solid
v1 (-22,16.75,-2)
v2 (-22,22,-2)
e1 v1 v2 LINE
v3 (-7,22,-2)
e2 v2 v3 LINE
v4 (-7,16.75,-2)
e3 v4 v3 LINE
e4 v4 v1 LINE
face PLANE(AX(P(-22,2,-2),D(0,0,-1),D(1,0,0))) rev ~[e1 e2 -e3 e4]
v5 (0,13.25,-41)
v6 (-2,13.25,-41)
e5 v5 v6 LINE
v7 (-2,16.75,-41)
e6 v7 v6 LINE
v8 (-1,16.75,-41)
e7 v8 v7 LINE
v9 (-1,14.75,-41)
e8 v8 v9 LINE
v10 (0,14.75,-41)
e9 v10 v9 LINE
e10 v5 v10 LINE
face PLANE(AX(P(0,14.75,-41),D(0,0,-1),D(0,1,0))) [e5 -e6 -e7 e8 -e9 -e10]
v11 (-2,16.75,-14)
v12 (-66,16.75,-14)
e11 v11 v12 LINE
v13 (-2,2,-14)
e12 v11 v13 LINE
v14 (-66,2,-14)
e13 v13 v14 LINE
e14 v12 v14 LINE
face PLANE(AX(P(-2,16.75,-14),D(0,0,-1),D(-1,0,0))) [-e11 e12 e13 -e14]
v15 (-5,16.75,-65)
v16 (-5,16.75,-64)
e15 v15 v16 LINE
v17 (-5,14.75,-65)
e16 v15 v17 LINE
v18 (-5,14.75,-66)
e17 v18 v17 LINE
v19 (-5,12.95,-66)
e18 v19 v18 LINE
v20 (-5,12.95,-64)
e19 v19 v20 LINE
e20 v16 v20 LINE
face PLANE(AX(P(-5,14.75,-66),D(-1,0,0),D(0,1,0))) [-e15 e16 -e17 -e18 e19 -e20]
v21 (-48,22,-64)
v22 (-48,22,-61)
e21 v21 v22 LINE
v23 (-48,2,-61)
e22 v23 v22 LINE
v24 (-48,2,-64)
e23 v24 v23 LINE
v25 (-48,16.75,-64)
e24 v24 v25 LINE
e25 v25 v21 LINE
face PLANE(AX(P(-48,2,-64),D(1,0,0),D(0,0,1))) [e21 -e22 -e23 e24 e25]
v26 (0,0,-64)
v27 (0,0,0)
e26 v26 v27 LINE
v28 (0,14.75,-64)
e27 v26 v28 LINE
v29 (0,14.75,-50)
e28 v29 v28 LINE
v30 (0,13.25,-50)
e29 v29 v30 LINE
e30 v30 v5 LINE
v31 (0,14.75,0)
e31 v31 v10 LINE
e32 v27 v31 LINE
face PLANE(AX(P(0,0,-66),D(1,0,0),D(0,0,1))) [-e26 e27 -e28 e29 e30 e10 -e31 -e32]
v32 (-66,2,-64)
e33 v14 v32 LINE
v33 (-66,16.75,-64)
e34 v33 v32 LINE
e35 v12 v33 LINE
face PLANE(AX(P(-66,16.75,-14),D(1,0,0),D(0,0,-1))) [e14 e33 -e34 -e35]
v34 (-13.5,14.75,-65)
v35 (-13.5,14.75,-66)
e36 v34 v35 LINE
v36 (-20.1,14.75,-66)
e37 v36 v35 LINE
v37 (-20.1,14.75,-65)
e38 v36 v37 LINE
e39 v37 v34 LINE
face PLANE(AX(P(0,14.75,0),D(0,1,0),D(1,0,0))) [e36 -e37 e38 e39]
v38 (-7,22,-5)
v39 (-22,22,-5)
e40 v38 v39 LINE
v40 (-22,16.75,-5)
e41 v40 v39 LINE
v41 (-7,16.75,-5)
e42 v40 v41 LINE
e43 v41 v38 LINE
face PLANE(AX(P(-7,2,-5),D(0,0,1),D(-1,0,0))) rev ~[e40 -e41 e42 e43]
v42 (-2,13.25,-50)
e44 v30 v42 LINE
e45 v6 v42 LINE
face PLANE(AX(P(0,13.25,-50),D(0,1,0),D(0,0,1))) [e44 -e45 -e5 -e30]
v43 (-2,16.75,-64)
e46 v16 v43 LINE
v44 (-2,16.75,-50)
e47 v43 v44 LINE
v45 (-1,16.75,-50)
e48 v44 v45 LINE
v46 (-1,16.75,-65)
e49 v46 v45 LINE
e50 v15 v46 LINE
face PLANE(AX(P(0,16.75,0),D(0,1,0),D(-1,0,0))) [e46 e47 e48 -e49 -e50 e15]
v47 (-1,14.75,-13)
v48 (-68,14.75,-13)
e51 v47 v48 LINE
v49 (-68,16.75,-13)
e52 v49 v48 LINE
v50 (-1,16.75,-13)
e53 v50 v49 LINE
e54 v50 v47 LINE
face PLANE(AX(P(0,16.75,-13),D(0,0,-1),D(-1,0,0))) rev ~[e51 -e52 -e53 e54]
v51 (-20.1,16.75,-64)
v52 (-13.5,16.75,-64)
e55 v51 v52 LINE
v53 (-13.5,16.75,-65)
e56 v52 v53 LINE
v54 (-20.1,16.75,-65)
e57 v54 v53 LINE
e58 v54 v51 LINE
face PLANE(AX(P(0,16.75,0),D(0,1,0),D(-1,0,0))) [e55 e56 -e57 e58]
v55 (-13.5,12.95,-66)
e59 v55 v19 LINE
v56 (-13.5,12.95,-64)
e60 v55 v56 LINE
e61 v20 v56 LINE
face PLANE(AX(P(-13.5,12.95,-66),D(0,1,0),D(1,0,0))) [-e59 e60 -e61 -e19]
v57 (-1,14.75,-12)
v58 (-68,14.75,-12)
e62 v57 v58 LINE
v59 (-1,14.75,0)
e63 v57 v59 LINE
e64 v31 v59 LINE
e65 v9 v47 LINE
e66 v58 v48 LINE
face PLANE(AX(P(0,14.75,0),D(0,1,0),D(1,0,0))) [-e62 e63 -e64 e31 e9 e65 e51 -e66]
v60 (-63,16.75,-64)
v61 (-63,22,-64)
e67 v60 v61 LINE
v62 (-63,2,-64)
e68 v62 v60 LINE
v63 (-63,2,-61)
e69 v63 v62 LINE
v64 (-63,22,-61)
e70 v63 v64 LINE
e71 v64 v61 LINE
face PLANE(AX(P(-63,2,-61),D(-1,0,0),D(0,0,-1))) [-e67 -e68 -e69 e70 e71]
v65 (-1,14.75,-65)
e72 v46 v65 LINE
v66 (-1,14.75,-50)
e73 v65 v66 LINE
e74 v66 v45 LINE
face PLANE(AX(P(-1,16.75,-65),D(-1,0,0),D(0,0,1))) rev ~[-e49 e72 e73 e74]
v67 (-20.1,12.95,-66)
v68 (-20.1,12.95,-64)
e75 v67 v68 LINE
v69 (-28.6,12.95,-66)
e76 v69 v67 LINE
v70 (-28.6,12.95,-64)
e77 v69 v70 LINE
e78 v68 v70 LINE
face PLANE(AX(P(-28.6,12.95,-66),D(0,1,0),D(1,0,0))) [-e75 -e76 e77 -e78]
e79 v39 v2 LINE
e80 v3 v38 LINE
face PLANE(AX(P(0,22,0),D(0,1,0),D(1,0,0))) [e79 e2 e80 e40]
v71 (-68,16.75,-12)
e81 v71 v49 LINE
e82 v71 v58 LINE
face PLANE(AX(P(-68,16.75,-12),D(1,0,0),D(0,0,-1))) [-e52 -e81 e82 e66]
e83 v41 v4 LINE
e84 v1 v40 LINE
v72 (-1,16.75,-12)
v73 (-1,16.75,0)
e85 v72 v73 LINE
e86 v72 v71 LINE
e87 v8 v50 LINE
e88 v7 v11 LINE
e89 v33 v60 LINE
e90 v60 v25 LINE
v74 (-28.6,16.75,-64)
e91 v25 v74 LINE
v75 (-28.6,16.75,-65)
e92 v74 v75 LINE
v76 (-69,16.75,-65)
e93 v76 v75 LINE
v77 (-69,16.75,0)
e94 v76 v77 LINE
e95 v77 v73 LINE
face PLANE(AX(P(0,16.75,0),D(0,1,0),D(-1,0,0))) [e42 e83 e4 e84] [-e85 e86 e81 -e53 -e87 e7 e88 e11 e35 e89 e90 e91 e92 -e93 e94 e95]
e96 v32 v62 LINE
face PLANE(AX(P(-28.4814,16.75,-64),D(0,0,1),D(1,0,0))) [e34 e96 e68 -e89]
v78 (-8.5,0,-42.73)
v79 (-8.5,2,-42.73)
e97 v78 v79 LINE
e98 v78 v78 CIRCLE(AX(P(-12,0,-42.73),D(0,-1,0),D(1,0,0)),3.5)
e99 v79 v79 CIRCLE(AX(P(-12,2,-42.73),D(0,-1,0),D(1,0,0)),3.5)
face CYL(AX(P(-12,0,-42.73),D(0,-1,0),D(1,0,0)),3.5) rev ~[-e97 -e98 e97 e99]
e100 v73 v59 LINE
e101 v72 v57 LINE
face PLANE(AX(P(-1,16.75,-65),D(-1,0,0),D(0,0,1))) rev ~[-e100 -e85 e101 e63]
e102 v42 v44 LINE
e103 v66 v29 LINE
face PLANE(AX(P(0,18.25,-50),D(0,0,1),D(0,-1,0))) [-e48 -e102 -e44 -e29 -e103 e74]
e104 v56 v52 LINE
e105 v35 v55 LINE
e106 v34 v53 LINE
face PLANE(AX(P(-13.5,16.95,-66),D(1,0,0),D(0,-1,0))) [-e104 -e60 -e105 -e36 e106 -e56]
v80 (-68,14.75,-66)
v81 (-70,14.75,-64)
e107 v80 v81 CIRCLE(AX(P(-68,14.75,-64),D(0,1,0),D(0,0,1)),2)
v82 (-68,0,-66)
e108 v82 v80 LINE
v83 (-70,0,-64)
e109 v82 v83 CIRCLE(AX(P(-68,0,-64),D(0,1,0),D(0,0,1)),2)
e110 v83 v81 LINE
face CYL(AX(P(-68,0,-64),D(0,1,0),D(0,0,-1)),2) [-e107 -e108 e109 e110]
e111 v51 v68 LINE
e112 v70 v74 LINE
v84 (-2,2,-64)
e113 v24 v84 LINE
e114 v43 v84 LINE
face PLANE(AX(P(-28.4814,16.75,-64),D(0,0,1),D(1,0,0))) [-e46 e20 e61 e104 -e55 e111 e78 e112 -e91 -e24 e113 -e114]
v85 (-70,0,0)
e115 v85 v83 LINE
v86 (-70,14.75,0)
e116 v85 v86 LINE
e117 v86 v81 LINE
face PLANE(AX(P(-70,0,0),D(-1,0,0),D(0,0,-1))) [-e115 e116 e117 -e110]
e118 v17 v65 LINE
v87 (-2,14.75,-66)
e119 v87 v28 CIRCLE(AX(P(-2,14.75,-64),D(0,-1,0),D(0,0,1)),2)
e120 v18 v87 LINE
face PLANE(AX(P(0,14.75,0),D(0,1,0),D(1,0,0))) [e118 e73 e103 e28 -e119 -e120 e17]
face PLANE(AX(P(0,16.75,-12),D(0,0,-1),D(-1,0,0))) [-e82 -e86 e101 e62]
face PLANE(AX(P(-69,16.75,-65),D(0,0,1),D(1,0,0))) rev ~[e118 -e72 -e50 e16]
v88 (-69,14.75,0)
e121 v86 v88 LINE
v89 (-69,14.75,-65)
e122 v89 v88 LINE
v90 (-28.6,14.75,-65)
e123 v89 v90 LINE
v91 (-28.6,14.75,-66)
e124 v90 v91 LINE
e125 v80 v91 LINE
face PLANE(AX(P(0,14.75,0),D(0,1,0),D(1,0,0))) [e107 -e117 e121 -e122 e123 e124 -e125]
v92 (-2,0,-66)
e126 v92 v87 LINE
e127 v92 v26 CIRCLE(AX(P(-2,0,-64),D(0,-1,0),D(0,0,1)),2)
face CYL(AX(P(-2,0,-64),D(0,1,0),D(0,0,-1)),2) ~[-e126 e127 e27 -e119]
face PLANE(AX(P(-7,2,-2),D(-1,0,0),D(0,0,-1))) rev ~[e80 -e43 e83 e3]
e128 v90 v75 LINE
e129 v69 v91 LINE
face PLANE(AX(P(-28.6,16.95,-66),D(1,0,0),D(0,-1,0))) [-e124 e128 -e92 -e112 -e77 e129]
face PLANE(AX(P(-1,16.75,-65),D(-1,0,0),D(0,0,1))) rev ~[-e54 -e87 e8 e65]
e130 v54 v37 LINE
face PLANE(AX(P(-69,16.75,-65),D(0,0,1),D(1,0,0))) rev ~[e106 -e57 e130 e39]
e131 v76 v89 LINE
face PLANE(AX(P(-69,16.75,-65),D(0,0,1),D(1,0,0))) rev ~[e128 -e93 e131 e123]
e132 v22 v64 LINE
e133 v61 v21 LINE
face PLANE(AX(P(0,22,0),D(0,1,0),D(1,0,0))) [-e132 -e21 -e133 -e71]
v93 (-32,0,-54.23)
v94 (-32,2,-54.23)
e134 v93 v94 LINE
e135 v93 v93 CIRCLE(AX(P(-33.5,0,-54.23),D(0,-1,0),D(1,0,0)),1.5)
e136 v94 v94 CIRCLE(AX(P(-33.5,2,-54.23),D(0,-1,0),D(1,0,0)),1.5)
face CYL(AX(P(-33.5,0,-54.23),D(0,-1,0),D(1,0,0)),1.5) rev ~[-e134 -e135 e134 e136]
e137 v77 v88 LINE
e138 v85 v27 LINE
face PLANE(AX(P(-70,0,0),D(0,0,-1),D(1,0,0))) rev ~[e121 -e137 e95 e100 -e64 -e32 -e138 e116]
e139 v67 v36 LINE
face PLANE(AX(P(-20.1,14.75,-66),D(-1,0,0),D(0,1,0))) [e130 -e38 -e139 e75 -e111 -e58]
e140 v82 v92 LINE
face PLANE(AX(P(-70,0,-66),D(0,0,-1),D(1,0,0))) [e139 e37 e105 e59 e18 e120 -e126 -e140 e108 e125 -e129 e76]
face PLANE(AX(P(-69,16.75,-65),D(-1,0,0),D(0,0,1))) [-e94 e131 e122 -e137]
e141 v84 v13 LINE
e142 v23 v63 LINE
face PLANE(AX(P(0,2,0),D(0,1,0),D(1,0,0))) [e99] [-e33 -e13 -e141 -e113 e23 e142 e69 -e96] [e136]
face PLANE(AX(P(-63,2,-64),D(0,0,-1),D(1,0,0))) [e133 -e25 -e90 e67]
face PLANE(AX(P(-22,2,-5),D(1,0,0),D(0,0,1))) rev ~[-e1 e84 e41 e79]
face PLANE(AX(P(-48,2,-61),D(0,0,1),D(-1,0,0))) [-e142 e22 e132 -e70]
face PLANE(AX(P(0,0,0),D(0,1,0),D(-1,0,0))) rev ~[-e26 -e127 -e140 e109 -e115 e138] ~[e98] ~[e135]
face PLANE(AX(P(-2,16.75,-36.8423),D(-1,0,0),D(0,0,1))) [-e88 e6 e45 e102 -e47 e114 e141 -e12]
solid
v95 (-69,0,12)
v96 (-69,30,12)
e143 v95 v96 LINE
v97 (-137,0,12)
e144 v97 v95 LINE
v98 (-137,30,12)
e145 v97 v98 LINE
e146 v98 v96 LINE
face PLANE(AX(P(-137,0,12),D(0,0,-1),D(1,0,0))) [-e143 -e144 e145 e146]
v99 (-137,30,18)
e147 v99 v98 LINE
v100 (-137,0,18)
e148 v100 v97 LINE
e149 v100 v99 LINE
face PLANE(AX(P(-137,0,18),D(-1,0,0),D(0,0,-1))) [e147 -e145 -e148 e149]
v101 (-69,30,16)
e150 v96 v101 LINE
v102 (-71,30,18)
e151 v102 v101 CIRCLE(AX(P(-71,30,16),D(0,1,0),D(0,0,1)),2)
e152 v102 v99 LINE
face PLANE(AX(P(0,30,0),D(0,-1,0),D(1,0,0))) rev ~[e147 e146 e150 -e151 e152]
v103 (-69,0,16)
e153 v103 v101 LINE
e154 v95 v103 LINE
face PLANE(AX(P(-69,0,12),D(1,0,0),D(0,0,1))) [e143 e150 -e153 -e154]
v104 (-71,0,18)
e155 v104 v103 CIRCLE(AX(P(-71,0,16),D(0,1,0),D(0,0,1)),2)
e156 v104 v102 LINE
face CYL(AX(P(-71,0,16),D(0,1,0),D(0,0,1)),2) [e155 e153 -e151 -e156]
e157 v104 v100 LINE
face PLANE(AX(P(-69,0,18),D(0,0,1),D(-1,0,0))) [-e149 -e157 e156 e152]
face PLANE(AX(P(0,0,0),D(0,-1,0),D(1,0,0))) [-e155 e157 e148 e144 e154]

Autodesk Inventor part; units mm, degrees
ref_plane "YZ Plane" through (0, 0, 0) normal (1, 0, 0) x (0, 1, 0)
ref_plane "XZ Plane" through (0, 0, 0) normal (0, 1, 0) x (-1, 0, 0)
ref_plane "XY Plane" through (0, 0, 0) normal (0, 0, 1) x (1, 0, 0)
sketch "Sketch1" plane through (0, 0, 0) normal (0, 1, 0) x (-1, 0, 0)
  point P0 (0, 0)
sketch "Sketch2" plane through (0, 0, 0) normal (0, 1, 0) x (-1, 0, 0)
  line L0 (70, 0) -> (70, -66)
  line L1 (70, -66) -> (0, -66)
  line L2 (0, -66) -> (0, 0)
  line L3 (70, 0) -> (0, 0)
  point P0 (0, 0)
  dimension "d0" = 70
  dimension "d138" = 66
extrude "Extrusion1" add sketch "Sketch2" along normal blind 16.75
sketch "Sketch3" plane through (0, 16.75, 0) normal (0, 1, 0) x (1, 0, 0)
  line L0 (0, 66) -> (-70, 66) projected
  line L1 (-70, 66) -> (-2, 66)
  line L2 (-70, 66) -> (-2, 66)
  line L3 (-2, 66) -> (-70, 66)
  line L4 (-70, 66) -> (-70, 12)
  line L5 (-70, 12) -> (-2, 12)
  line L6 (-2, 66) -> (-2, 12)
  point P0 (0, 0)
  dimension "d135" = 68
  dimension "d136" = 54
sketch "Sketch4" plane through (0, 16.75, 0) normal (0, 1, 0) x (1, 0, 0)
  line L0 (0, 66) -> (-70, 66) projected
  line L1 (-30.4814, 66) -> (-28.4814, 66)
  line L2 (-28.4814, 66) -> (-28.4814, 64)
  line L3 (-70, 66) -> (-70, 0) projected
  line L4 (-70, 37.8423) -> (-70, 39.8423)
  line L5 (-70, 39.8423) -> (-68, 39.8423)
  line L6 (0, 38.8423) -> (0, 36.8423)
  line L7 (0, 36.8423) -> (-2, 36.8423)
  line L8 (-66, 64) -> (-2, 64)
  line L9 (-2, 64) -> (-2, 14)
  line L10 (-2, 14) -> (-66, 14)
  line L11 (-66, 14) -> (-66, 64)
  dimension "d5" = 2
  dimension "d6" = 2
  dimension "d7" = 2
  dimension "d11" = 2
  dimension "d75" = 2
  dimension "d132" = 50
  dimension "d133" = 64
extrude "Extrusion2" cut sketch "Sketch4" against normal blind 14.75
sketch "Sketch7" plane through (0, 16.75, 0) normal (0, 1, 0) x (1, 0, 0)
  line L0 (-70, 66) -> (-69, 66)
  line L1 (-70, 66) -> (-6, 66)
  line L2 (-70, 65) -> (-70, 66)
  line L3 (0, 66) -> (-7, 66)
  line L4 (-69, 65) -> (-1, 65)
  line L5 (0, 66) -> (-70, 66) projected
  line L6 (-70, 66) -> (0, 66)
  line L7 (0, 0) -> (0, 66) projected
  line L8 (0, 0) -> (-1, 0)
  line L9 (-1, 66) -> (0, 66)
  line L10 (0, 66) -> (0, 0)
  line L11 (0, 0) -> (-1, 0)
  line L12 (-70, 0) -> (0, 0) projected
  line L13 (-1, 65) -> (-1, 0)
  line L14 (0, 0) -> (-1, 0)
  line L15 (-69, 65) -> (-69, 0)
  line L16 (-70, 66) -> (-70, 0) projected
  line L17 (-69, 0) -> (-70, 0)
  line L18 (-70, 0) -> (-70, 66)
  dimension "d76" = 1
  dimension "d139" = 1
  dimension "d140" = 1
extrude "Extrusion3" cut sketch "Sketch7" against normal blind 2 contours L0 L1 L3 L7 L8 L13 L4 L15 L12 L16 L2
sketch "Sketch8" plane through (0, 16.75, 0) normal (0, 1, 0) x (1, 0, 0)
  line L0 (0, 12) -> (0, 13)
  line L1 (0, 13) -> (-68, 13)
  line L2 (0, 12) -> (-68, 12)
  line L3 (-68, 12) -> (-68, 13)
  line L4 (-69, 0) -> (-1, 0) projected
  point P0 (0, 0)
  point P1 (-70, 0)
  dimension "d46" = 68
  dimension "d141" = 1
extrude "Extrusion4" cut sketch "Sketch8" against normal blind 2
sketch "Sketch10" plane through (0, 2, 0) normal (0, 1, 0) x (1, 0, 0)
  line L0 (-31, 2) -> (-41, 2)
  line L1 (-63, 64) -> (-48, 64)
  line L2 (-48, 64) -> (-48, 61)
  line L3 (-48, 61) -> (-63, 61)
  line L4 (-63, 61) -> (-63, 64)
  line L5 (-22, 2) -> (-7, 2)
  line L6 (-7, 2) -> (-7, 5)
  line L7 (-7, 5) -> (-22, 5)
  line L8 (-22, 5) -> (-22, 2)
  line L9 (-66, 14) -> (-66, 64) projected
  line L10 (-2, 14) -> (-66, 14) projected
  line L11 (-66, 64) -> (-2, 64)
  line L12 (-2, 64) -> (-2, 14)
  line L13 (-2, 14) -> (-66, 14)
  line L14 (-66, 14) -> (-66, 64)
  point P0 (0, 0)
  point P1 (-21, 64)
  dimension "d57" = 15
  dimension "d58" = 3
  dimension "d61" = 15
  dimension "d79" = 3
extrude "Extrusion5" add sketch "Sketch10" along normal blind 20 contours L1 L2 L3 L4 | L8 L7 L6 L5
sketch "Sketch11" plane through (0, 0, 0) normal (0, -1, 0) x (1, 0, 0)
  circle A0 centre (-12, -42.73) radius 3.5
  circle A1 centre (-33.5, -54.23) radius 1.5
  line L0 (0, 0) -> (0, -66) projected
  line L1 (0, -66) -> (-70, -66) projected
  line L2 (-2, -64) -> (-2, -14) projected
  dimension "d85" = 23.27
  dimension "d86" = 21.5
  dimension "d88" = 7
  dimension "d89" = 3
  dimension "d119" = 11.5
  dimension "d120" = 10
extrude "Extrusion6" cut sketch "Sketch11" against normal blind 9
sketch "Sketch12" plane through (0, 0, 0) normal (0, -1, 0) x (1, 0, 0)
  line L0 (-70, 0) -> (-70, -66) projected
  line L1 (-69, 12) -> (-69, 18)
  line L2 (-69, 18) -> (-137, 18)
  line L3 (-137, 18) -> (-137, 12)
  line L4 (-137, 12) -> (-69, 12)
  line L5 (0, 0) -> (-70, 0) projected
  line L6 (0, 0) -> (-137.0429, 0)
  point P0 (-70, 0)
  dimension "d81" = 6
  dimension "d143" = 68
  dimension "d144" = 12
extrude "Extrusion7" add sketch "Sketch12" against normal blind 30
sketch "Sketch13" plane through (-70, 0, 6) normal (0, 0, 1) x (1, 0, 0)
  line L0 (0, 0) -> (0, 30) projected
  line L1 (70, 0) -> (70, 14.75) projected
  line L2 (0, 30) -> (70, 30) projected
  line L3 (35, 30) -> (35, 0)
  line L4 (0, 15) -> (70, 15)
  circle A0 centre (35, 15) radius 3.175
  point P0 (0, 14.75)
  point P1 (70, 16.75)
  dimension "d91" = 6.35
hole "Hole1" [suppressed]
sketch "Sketch14" plane through (0, 0, -66) normal (0, 0, -1) x (-1, 0, 0)
  line L0 (5, 16.95) -> (13.5, 16.95)
  line L1 (13.5, 16.95) -> (13.5, 12.95)
  line L2 (13.5, 12.95) -> (5, 12.95)
  line L3 (5, 12.95) -> (5, 16.95)
  line L4 (20.1, 16.95) -> (28.6, 16.95)
  line L5 (28.6, 16.95) -> (28.6, 12.95)
  line L6 (28.6, 12.95) -> (20.1, 12.95)
  line L7 (20.1, 12.95) -> (20.1, 16.95)
  line L8 (70, 14.75) -> (0, 14.75) projected
  line L9 (0, 0) -> (0, 14.75) projected
  point P0 (0, 16.75)
  dimension "d99" = 8.5
  dimension "d100" = 8.5
  dimension "d101" = 4
  dimension "d103" = 13.5
  dimension "d104" = 28.6
  dimension "d105" = 1.8
extrude "Extrusion8" cut sketch "Sketch14" against normal blind 10
sketch "Sketch15" plane through (0, 0, -66) normal (1, 0, 0) x (0, 0, -1)
  line L0 (-25, 18.25) -> (-16, 18.25)
  line L1 (-16, 18.25) -> (-16, 13.25)
  line L2 (-16, 13.25) -> (-25, 13.25)
  line L3 (-25, 13.25) -> (-25, 18.25)
  line L4 (-78, 0) -> (-78, 30) projected
  line L5 (0, 0) -> (0, 14.75) projected
  line L6 (0, 0) -> (-84, 0) projected
  line L7 (0, 14.75) -> (-66, 14.75) projected
  point P0 (-66, 0)
  point P1 (0, 16.75)
  dimension "d108" = 9
  dimension "d109" = 5
  dimension "d111" = 25
  dimension "d113" = 1.5
extrude "Extrusion9" cut sketch "Sketch15" against normal blind 10
thread "Thread1" size "M7x1" class "6H" standard "ANSI Metric M Profile" full length
fillet "Fillet7" radius 2 1 edges at (0, 7.375, -66)
fillet "Fillet8" radius 2 1 edges at (-70, 7.375, -66)
fillet "Fillet9" radius 2 1 edges at (-69, 15, 18)
fillet "Fillet10" [suppressed]
properties part number "Shell 2 top"
